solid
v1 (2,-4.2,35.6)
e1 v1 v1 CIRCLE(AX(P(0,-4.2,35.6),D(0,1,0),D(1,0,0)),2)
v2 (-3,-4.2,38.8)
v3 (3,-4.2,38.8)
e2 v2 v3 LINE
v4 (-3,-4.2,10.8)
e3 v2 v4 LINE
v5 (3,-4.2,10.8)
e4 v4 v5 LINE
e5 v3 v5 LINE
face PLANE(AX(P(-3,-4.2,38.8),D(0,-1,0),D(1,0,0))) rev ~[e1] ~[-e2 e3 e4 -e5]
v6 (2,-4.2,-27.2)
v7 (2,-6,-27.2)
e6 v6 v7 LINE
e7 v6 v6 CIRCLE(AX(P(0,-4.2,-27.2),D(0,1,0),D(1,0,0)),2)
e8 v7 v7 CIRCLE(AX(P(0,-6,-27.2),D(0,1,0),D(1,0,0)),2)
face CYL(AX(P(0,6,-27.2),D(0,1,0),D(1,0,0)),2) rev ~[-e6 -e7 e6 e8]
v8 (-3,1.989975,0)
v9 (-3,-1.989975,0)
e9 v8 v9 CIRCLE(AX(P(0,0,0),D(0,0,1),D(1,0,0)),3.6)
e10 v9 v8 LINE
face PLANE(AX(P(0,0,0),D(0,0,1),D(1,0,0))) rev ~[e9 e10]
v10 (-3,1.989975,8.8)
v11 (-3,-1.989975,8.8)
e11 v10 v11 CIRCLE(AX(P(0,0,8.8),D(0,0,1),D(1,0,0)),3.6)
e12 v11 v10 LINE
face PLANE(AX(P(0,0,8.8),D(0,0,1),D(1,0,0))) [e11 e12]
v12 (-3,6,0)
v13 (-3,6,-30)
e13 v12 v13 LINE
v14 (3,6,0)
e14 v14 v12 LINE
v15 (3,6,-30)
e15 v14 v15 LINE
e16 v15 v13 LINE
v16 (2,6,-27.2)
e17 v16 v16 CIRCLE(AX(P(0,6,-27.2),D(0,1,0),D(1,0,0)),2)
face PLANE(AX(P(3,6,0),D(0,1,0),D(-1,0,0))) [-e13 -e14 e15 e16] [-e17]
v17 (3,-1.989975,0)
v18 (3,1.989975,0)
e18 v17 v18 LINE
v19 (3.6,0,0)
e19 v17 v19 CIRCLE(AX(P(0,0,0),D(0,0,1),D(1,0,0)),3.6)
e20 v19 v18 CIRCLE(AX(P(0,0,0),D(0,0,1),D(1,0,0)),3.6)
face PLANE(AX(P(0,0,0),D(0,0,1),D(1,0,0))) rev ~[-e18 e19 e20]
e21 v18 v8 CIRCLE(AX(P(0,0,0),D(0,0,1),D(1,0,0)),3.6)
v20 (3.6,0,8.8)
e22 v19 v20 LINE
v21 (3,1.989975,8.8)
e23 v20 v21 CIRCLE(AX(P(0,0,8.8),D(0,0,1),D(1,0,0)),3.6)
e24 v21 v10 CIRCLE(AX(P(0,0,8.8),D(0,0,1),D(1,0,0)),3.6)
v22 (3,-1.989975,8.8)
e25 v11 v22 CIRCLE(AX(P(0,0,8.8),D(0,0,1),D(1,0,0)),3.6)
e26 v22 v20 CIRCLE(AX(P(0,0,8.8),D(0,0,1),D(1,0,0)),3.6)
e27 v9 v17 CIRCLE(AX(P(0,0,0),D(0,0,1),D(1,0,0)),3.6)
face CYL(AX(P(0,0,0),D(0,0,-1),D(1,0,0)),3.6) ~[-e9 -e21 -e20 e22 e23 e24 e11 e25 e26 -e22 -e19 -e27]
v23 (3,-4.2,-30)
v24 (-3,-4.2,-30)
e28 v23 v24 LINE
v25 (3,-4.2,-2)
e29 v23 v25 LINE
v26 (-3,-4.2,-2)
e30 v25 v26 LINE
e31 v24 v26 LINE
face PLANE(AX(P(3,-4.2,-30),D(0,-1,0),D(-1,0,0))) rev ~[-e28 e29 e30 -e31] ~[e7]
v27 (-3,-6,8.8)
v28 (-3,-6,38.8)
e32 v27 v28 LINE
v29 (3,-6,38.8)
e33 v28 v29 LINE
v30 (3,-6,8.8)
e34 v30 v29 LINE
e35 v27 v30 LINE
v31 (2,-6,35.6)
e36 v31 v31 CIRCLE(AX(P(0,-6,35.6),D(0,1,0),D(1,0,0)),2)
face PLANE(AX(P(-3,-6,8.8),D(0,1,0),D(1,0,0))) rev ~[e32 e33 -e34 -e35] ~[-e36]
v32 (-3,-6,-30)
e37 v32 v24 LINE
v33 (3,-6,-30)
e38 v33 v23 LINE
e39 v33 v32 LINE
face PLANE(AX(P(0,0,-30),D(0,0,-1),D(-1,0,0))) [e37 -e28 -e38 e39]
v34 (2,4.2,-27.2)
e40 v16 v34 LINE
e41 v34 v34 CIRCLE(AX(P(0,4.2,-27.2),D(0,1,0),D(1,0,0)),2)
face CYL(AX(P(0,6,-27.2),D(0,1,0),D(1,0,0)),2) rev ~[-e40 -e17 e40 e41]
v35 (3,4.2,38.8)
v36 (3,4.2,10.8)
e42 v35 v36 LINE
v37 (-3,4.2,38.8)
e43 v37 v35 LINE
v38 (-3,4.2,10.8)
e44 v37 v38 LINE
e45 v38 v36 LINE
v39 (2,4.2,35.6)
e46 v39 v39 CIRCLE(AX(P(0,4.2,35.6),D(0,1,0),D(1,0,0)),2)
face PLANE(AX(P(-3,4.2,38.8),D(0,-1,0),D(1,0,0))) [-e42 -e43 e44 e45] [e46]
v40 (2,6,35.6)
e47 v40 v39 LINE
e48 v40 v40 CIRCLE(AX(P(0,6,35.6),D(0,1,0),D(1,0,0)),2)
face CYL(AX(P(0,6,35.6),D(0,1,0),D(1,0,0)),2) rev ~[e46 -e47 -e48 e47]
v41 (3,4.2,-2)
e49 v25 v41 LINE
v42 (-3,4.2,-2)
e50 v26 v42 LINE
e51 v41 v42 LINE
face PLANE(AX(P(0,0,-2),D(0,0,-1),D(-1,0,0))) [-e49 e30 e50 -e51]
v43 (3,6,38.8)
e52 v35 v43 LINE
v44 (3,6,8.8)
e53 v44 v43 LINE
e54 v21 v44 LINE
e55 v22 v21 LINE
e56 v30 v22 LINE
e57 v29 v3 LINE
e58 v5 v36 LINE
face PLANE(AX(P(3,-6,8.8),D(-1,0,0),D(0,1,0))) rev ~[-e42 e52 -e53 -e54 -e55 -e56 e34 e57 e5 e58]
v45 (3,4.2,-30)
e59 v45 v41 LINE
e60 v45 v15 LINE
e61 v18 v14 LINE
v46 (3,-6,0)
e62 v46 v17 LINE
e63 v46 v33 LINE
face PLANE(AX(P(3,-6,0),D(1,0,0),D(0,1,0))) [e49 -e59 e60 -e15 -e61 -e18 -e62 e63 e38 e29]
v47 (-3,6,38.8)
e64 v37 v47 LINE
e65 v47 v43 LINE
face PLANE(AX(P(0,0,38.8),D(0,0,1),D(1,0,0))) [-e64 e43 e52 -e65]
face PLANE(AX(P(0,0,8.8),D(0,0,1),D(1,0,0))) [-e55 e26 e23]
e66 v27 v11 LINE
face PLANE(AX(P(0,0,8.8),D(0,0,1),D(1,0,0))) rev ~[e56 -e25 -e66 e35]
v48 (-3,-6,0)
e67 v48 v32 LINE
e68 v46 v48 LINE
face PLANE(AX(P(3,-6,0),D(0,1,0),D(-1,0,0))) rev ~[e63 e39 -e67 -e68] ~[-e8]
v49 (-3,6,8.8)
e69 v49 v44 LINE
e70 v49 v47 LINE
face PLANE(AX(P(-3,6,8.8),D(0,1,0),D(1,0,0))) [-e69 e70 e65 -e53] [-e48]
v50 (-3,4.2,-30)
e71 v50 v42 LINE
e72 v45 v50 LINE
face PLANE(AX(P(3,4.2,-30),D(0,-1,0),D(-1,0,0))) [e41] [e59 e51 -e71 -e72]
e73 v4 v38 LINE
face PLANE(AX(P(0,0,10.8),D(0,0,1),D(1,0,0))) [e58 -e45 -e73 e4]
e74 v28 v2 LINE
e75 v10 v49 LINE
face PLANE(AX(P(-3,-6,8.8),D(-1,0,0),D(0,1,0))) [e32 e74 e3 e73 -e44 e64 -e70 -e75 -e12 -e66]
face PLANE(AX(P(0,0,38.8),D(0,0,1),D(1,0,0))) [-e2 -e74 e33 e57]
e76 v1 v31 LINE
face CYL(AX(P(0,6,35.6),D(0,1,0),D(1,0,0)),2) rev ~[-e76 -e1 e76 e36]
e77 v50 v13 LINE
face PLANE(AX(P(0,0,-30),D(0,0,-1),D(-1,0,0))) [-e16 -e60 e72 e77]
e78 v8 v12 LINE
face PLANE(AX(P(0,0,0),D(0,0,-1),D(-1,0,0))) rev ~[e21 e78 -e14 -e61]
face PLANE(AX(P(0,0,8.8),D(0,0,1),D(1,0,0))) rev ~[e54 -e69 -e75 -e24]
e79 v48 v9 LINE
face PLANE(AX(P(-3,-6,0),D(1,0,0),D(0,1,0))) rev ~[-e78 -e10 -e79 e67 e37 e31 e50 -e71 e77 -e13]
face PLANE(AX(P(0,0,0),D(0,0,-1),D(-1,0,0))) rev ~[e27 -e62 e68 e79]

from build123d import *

# Parameters (mm, degrees)
SKETCH_1_R          = 3.6
EXTRUDE_1_DEPTH     = 8.8
SKETCH_2_W          = 6
SKETCH_2_H          = 12
EXTRUDE_2_DEPTH     = 30
SKETCH_4_W          = 6
SKETCH_4_H          = 12
EXTRUDE_3_DEPTH     = 30
SKETCH_3_R          = 2
CUT_EXTRUDE_1_DEPTH = 30
SKETCH_5_W          = 6
SKETCH_5_H          = 8.4
CUT_EXTRUDE_2_DEPTH = 28
SKETCH_6_W          = 6
SKETCH_6_H          = 8.4
CUT_EXTRUDE_3_DEPTH = 28


with BuildPart() as part:
    # 草图1 → 凸台-拉伸1 (new body)
    with BuildSketch(Plane.XY):
        Circle(SKETCH_1_R)
    extrude(amount=EXTRUDE_1_DEPTH)

    # 草图2 → 凸台-拉伸2 (add)
    with BuildSketch(Plane.XY.offset(8.8)):
        Rectangle(SKETCH_2_W, SKETCH_2_H)
    extrude(amount=EXTRUDE_2_DEPTH)

    # 草图4 → 凸台-拉伸3 (add)
    with BuildSketch(Plane(origin=(0, 0, 0), x_dir=(-1, 0, 0), z_dir=(0, 0, -1))):
        Rectangle(SKETCH_4_W, SKETCH_4_H)
    extrude(amount=EXTRUDE_3_DEPTH)

    # 草图3 → 切除-拉伸1 (cut)
    with BuildSketch(Plane(origin=(0, 6, 0), x_dir=(1, 0, 0), z_dir=(0, 1, 0))):
        with Locations((0, -35.6)):
            Circle(SKETCH_3_R)
        with Locations((0, 27.2)):
            Circle(SKETCH_3_R)
    extrude(amount=-CUT_EXTRUDE_1_DEPTH, mode=Mode.SUBTRACT)

    # 草图5 → 切除-拉伸2 (cut)
    with BuildSketch(Plane(origin=(0, 0, -30), x_dir=(-1, 0, 0), z_dir=(0, 0, -1))):
        Rectangle(SKETCH_5_W, SKETCH_5_H)
    extrude(amount=-CUT_EXTRUDE_2_DEPTH, mode=Mode.SUBTRACT)

    # 草图6 → 切除-拉伸3 (cut)
    with BuildSketch(Plane.XY.offset(38.8)):
        Rectangle(SKETCH_6_W, SKETCH_6_H)
    extrude(amount=-CUT_EXTRUDE_3_DEPTH, mode=Mode.SUBTRACT)


solid = part.part
